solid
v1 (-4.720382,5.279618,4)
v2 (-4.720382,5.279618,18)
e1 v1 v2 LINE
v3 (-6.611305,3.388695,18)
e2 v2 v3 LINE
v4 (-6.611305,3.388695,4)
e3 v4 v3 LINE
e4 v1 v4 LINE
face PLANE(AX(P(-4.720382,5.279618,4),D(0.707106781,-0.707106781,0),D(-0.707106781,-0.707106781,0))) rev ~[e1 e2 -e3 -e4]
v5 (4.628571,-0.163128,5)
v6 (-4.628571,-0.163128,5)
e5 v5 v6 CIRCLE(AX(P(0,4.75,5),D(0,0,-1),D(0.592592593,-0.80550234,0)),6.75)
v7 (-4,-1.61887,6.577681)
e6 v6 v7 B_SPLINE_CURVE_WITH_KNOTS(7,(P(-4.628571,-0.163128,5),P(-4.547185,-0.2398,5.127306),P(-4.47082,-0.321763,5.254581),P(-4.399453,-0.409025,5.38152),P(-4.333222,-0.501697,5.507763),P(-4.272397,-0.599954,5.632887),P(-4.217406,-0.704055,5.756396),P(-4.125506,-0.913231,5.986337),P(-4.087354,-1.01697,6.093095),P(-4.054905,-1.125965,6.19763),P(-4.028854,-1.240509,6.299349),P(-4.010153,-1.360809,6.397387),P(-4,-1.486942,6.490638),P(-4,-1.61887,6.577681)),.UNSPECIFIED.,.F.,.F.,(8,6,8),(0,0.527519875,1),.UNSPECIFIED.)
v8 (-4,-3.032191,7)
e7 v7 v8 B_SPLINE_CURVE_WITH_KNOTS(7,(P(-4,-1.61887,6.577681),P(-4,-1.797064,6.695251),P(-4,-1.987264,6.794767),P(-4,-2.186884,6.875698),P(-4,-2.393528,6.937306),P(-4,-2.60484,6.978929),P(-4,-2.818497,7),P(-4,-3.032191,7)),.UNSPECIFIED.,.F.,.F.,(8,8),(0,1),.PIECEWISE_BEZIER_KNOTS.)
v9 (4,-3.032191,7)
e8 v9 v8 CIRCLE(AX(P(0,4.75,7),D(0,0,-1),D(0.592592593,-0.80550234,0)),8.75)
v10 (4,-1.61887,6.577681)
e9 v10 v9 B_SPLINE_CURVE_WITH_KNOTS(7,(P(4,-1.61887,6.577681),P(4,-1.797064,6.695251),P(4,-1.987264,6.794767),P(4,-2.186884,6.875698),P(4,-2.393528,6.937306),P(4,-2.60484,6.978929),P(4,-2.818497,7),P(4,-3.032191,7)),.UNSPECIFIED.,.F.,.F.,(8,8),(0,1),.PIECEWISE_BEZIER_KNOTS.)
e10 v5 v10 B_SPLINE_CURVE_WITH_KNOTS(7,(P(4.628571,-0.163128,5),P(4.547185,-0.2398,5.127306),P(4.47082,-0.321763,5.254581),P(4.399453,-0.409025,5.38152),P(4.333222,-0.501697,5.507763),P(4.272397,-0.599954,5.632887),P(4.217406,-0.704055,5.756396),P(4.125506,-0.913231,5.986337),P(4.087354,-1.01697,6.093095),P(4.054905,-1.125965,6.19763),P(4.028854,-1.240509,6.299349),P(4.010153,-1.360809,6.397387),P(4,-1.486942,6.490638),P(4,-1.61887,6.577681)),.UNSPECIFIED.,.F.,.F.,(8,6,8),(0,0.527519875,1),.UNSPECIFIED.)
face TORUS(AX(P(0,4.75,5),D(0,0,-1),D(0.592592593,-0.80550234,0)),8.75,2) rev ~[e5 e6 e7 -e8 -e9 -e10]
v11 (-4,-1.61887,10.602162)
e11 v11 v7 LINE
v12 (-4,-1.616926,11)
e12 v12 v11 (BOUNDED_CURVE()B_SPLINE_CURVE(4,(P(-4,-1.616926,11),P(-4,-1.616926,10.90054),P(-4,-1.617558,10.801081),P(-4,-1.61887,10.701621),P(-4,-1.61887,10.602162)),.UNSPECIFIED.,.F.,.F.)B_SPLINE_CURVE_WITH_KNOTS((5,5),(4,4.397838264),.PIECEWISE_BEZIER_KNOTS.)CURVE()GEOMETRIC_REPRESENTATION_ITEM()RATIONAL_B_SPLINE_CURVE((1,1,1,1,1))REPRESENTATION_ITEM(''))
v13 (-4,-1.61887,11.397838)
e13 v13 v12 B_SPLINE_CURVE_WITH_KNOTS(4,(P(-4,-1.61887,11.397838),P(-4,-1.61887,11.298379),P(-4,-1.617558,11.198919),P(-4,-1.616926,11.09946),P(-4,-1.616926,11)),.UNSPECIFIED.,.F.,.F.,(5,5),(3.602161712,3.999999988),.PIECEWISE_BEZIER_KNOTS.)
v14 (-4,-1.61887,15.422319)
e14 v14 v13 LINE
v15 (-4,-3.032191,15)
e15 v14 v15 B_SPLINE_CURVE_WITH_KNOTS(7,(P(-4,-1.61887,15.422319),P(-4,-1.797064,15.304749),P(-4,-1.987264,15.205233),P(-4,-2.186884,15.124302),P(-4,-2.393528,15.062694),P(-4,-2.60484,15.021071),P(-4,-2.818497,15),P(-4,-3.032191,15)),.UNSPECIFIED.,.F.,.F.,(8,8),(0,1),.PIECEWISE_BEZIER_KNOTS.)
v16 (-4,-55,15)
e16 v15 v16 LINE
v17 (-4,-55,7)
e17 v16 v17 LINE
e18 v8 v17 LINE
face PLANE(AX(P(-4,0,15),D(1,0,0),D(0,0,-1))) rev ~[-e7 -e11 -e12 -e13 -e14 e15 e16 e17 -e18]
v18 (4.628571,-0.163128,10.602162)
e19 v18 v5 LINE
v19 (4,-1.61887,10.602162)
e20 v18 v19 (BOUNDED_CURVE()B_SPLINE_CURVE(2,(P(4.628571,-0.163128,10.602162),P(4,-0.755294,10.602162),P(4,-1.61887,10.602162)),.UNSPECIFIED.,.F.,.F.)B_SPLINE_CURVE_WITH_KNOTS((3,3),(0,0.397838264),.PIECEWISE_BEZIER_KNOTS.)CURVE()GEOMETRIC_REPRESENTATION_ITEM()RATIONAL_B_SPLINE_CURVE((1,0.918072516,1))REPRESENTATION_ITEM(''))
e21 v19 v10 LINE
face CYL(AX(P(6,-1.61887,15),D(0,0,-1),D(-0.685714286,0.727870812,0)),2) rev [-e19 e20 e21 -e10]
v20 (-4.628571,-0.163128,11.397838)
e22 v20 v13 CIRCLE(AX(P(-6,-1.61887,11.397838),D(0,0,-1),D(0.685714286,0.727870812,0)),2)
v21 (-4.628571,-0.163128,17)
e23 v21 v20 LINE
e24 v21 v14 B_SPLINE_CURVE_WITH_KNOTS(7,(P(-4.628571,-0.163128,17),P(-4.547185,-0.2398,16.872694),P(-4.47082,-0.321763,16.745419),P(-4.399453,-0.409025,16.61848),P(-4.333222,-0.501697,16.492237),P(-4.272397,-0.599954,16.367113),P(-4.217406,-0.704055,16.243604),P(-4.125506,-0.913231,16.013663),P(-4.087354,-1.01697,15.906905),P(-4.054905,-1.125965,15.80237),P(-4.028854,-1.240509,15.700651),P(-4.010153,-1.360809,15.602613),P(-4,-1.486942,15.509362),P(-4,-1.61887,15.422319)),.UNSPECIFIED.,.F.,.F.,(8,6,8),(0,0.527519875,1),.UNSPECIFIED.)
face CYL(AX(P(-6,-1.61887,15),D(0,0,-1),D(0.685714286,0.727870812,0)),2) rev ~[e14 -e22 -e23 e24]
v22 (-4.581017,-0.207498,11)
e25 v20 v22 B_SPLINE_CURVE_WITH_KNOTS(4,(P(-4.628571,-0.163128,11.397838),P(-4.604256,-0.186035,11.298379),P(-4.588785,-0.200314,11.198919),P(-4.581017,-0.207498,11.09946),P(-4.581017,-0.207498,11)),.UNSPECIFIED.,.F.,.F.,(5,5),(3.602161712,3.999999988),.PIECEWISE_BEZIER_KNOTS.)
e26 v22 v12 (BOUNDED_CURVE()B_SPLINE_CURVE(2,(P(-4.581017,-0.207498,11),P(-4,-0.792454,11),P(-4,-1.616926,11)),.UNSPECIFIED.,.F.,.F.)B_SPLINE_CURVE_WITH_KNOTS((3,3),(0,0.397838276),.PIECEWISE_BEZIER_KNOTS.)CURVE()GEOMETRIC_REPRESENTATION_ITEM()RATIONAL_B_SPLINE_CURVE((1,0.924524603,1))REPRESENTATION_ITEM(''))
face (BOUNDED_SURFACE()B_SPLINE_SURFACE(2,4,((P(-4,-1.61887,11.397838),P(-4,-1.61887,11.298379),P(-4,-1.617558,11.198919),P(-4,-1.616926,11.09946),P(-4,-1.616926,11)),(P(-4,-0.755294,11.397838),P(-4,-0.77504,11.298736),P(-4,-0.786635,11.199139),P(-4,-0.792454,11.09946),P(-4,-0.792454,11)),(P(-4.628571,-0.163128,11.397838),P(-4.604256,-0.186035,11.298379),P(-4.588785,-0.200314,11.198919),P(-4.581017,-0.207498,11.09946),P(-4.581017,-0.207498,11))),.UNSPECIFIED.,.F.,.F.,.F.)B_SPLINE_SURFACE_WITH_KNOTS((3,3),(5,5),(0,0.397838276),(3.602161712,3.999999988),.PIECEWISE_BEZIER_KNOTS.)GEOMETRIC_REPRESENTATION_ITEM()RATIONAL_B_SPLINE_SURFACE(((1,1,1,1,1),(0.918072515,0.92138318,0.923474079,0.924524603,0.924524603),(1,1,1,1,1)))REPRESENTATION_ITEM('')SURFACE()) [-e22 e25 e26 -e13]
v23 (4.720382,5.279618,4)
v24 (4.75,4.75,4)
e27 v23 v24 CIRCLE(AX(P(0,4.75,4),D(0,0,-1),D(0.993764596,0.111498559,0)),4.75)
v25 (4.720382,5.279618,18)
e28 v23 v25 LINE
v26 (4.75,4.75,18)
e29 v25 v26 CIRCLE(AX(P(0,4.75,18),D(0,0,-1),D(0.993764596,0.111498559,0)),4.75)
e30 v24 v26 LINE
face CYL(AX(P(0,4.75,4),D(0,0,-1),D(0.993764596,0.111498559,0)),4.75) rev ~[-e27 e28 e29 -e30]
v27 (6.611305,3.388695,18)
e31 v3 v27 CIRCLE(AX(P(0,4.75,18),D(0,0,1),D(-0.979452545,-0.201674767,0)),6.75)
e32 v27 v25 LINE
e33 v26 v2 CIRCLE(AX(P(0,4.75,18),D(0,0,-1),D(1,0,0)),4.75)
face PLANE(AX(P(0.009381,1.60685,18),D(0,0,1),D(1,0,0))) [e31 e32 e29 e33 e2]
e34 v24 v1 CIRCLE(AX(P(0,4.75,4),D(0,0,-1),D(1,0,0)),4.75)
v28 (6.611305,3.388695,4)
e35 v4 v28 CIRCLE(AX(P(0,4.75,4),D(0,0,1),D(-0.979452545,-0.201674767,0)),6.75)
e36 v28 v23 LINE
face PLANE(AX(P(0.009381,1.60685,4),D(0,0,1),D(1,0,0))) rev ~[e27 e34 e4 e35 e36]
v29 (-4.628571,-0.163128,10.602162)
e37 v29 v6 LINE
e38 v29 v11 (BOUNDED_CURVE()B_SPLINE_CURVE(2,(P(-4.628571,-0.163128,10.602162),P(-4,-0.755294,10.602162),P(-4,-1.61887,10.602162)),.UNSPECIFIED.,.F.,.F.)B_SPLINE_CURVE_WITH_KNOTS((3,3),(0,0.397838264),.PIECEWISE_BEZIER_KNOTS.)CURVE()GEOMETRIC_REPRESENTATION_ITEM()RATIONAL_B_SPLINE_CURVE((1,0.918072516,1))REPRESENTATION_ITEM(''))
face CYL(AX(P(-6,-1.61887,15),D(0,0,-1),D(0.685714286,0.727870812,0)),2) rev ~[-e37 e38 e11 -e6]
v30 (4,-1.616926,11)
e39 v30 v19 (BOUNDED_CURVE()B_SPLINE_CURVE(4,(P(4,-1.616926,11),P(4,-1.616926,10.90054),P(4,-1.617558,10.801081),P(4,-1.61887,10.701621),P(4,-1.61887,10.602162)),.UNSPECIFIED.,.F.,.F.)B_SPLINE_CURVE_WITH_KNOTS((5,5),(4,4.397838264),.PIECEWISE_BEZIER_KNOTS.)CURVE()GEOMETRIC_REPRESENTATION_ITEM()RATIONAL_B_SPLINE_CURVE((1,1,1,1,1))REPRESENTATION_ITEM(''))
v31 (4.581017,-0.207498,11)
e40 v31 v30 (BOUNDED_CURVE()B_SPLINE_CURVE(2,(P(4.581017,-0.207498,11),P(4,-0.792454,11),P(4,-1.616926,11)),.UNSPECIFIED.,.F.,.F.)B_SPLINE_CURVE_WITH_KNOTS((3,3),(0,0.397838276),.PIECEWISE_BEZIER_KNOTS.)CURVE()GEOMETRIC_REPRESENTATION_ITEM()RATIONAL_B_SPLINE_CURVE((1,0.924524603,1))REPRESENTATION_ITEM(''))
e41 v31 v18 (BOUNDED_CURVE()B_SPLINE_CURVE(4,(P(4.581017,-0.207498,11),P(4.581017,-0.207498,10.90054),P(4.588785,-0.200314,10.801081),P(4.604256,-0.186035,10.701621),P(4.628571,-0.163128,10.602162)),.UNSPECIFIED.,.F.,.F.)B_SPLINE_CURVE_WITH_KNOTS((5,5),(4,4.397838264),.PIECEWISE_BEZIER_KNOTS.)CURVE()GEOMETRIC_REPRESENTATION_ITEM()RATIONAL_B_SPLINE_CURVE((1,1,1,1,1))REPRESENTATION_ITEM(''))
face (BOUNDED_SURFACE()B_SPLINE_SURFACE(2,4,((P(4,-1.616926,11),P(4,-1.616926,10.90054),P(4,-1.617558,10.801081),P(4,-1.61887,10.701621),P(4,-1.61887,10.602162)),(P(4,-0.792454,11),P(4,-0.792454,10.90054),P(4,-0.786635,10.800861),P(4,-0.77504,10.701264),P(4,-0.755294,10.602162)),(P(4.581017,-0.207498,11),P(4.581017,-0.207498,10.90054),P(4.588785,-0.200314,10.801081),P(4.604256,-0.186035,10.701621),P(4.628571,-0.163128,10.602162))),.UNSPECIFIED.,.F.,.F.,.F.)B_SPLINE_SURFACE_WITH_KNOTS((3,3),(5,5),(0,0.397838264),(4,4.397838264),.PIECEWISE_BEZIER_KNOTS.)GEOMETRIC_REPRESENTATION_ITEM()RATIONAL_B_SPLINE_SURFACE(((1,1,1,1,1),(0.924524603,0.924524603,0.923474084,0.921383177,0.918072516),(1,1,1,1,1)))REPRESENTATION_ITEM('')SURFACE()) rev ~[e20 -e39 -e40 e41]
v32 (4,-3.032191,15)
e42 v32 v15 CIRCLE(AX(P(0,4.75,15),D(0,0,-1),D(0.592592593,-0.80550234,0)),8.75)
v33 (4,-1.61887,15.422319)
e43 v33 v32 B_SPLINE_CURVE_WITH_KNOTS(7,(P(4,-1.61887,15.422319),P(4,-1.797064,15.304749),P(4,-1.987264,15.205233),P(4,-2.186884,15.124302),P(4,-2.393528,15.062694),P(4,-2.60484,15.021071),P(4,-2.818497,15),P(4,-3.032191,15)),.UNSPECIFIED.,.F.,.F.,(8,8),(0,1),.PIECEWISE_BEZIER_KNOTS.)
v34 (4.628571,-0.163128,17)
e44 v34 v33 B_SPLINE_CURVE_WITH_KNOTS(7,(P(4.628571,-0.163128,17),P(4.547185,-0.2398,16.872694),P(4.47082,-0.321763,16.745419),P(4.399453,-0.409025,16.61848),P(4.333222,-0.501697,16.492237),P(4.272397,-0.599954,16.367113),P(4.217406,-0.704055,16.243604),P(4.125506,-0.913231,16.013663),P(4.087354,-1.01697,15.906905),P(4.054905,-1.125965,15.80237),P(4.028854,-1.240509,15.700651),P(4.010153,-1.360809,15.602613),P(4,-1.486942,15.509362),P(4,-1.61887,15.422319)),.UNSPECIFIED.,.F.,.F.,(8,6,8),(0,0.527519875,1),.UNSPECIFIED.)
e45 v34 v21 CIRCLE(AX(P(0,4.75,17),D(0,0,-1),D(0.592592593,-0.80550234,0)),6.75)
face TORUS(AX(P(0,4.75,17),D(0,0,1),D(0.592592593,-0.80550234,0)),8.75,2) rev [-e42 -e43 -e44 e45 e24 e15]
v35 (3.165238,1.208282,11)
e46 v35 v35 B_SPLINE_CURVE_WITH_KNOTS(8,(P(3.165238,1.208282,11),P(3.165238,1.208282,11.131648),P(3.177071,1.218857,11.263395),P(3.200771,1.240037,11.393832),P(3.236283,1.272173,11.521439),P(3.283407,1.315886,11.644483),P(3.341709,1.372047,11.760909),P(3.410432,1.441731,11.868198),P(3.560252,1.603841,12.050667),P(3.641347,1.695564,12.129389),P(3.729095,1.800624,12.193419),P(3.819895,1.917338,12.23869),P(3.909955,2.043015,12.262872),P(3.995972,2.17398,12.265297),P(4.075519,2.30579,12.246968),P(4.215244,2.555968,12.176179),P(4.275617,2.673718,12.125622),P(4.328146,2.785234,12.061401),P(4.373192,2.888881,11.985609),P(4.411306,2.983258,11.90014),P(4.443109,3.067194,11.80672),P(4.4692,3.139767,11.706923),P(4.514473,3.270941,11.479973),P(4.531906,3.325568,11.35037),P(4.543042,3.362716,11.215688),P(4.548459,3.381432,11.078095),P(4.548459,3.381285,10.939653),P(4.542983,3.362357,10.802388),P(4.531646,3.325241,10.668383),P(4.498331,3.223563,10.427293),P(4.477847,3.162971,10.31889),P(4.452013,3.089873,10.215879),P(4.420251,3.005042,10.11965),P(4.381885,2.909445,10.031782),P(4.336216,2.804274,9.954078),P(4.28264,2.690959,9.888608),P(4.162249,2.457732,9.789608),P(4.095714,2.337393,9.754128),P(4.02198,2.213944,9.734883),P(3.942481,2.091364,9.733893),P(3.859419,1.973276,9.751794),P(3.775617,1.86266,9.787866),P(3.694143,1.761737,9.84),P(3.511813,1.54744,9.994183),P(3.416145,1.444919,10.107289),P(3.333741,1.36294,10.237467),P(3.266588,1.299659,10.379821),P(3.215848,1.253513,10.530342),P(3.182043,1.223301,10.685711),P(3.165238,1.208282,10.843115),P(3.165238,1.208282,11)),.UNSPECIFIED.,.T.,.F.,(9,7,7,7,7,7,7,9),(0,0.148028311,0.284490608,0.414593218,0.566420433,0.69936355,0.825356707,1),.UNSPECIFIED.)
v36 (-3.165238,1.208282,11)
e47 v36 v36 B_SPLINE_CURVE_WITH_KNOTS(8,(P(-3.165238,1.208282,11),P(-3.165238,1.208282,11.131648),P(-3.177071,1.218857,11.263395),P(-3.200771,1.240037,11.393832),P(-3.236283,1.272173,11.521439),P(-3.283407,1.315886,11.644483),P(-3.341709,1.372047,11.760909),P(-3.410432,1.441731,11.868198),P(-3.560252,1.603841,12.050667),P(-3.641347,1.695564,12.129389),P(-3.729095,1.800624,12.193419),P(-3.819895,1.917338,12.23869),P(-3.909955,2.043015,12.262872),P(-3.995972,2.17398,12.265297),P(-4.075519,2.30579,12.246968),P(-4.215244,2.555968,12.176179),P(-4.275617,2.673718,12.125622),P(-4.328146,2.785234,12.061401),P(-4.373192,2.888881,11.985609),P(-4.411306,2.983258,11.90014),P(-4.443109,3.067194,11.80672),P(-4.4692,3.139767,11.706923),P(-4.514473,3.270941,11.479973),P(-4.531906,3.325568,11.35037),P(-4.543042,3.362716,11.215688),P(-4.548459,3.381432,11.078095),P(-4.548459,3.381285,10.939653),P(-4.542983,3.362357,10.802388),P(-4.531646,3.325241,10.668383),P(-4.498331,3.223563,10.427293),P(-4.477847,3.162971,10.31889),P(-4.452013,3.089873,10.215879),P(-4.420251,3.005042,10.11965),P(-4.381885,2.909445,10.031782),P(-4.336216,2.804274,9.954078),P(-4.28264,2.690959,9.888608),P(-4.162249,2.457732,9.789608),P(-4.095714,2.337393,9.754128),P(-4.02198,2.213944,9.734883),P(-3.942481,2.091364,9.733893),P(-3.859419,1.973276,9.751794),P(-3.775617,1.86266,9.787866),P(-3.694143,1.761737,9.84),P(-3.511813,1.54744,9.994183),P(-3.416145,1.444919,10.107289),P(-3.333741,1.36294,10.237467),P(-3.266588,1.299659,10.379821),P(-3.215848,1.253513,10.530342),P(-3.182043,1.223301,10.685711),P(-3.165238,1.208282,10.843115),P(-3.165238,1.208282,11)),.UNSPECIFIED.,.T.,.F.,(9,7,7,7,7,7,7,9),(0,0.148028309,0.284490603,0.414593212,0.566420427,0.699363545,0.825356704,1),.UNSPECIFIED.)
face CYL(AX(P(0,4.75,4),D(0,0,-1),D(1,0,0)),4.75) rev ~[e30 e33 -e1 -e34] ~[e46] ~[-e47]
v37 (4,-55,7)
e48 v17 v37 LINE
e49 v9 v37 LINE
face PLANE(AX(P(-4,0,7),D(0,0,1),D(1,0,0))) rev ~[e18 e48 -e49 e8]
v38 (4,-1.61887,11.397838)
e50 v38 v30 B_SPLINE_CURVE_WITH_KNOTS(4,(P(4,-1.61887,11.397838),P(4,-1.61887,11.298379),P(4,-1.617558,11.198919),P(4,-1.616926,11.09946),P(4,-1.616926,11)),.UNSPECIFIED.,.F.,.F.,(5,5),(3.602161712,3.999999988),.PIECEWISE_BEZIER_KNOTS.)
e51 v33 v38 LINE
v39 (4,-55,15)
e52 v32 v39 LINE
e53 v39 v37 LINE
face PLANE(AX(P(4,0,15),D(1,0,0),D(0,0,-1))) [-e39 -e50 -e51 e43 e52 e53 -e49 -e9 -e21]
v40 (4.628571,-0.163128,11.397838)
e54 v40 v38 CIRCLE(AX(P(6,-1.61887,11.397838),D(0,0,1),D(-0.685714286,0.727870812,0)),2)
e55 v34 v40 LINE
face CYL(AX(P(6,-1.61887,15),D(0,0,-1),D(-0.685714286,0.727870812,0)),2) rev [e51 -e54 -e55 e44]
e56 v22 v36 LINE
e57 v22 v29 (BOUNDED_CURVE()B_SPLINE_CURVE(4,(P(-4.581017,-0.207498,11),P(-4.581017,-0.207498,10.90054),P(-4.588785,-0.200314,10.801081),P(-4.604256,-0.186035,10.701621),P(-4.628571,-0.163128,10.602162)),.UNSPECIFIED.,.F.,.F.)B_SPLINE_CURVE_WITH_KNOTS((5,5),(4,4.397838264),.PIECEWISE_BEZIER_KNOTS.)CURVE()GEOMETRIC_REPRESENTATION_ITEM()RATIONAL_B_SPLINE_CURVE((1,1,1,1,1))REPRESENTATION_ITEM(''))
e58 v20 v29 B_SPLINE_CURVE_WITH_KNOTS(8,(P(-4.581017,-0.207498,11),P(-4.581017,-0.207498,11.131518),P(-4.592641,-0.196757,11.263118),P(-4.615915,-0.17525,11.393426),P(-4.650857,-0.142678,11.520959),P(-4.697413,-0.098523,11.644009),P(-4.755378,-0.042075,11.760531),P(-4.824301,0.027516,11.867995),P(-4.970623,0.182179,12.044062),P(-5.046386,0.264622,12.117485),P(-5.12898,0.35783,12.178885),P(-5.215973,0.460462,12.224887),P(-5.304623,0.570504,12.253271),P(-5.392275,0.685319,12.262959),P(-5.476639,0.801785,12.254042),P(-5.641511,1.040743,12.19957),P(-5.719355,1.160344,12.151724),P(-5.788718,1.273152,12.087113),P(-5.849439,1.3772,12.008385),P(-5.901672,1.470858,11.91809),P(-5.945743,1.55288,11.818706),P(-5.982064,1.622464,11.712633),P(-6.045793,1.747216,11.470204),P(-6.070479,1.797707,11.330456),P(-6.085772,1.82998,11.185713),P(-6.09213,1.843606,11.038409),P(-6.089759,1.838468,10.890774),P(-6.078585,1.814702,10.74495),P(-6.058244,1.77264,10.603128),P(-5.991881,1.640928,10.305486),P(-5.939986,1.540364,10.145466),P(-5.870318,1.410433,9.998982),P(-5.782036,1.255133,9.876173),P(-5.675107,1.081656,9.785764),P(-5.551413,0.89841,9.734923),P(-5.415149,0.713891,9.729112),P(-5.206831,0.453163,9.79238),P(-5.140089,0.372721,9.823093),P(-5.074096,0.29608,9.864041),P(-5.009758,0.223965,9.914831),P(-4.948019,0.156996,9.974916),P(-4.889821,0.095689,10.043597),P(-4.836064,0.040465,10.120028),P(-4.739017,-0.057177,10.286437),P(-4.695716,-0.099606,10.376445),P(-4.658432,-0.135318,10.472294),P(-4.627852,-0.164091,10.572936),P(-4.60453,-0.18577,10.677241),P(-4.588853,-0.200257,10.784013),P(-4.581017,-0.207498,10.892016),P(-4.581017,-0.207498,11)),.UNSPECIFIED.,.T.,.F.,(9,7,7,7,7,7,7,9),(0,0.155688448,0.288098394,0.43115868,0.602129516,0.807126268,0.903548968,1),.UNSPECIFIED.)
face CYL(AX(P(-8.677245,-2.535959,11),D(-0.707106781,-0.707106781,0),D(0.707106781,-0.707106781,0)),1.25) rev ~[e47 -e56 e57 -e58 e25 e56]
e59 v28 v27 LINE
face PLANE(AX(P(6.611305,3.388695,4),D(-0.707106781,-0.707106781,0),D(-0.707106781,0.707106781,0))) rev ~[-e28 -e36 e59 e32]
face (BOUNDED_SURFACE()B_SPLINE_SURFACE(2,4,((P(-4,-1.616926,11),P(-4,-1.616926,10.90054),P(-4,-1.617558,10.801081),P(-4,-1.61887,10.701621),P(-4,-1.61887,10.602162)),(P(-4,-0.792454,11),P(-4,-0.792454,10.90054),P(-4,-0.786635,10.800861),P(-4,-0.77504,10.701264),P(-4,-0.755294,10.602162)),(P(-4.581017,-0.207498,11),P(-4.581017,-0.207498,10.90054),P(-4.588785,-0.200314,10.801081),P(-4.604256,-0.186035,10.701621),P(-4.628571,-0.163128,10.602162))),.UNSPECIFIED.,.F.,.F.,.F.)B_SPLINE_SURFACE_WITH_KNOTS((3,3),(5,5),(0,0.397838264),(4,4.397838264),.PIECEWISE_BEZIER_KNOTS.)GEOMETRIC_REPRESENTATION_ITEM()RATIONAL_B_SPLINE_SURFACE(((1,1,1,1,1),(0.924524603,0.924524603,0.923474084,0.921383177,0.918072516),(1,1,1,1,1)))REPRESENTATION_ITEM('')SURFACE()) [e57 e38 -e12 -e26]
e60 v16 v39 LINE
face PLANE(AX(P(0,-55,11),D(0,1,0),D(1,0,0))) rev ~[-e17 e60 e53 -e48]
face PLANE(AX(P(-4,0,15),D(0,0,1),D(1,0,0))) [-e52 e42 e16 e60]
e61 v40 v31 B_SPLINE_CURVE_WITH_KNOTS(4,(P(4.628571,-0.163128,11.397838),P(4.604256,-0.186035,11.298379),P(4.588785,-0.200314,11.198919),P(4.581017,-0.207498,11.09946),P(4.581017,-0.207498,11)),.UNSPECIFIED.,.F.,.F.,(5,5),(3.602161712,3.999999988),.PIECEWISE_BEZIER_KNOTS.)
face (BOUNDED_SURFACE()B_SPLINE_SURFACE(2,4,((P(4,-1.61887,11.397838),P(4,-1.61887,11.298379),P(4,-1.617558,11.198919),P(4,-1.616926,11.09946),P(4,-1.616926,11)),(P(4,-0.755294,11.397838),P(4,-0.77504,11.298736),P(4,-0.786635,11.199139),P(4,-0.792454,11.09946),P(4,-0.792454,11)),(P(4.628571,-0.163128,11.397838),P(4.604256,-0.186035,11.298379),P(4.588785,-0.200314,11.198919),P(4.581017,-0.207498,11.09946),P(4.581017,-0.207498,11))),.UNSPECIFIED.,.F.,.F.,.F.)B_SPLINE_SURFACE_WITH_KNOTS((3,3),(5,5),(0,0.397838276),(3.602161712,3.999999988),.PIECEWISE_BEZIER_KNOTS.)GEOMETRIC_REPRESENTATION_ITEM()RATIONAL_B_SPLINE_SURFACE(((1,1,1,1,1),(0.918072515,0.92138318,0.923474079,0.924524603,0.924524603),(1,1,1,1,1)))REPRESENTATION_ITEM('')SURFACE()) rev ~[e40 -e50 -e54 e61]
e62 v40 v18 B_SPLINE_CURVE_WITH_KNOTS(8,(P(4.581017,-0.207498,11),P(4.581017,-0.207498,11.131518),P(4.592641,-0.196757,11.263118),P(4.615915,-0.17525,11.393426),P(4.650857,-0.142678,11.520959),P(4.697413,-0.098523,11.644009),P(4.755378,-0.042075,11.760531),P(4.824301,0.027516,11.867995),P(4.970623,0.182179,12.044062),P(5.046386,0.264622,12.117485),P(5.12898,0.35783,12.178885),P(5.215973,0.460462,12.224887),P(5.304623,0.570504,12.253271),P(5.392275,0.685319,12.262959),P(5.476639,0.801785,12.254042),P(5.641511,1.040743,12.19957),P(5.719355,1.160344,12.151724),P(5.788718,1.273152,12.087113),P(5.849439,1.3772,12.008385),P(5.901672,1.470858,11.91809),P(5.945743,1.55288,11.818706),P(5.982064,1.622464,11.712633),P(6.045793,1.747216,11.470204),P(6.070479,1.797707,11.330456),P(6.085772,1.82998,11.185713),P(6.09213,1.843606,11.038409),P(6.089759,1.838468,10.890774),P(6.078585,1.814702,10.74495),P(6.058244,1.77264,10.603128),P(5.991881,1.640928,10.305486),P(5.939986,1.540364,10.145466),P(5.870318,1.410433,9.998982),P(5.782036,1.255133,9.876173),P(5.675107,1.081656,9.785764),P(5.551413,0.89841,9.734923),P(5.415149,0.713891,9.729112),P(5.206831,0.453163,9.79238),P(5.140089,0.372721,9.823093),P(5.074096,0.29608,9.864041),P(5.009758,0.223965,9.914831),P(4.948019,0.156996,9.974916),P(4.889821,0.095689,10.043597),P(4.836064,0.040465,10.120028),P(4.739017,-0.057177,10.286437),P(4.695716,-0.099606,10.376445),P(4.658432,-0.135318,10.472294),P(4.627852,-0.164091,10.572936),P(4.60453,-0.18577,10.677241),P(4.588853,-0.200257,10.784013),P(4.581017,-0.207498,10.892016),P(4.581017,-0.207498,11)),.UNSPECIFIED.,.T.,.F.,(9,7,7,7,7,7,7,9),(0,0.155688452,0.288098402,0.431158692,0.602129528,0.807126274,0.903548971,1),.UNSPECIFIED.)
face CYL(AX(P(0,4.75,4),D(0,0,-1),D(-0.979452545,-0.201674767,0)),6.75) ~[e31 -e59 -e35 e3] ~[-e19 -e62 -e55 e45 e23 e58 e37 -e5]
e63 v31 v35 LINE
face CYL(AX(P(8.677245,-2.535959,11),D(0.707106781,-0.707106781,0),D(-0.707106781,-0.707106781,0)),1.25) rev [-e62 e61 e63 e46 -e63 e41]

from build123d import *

# Parameters (mm, degrees)
SKETCH1_W           = 8
SKETCH1_H           = 8
BOSS_EXTRUDE1_DEPTH = 55
BOSS_EXTRUDE2_START = 4
BOSS_EXTRUDE2_DEPTH = 14
SKETCH4_R           = 1.25
CUT_EXTRUDE1_DEPTH  = 17.337084372
FILLET1_R           = 2


with BuildPart() as part:
    # Sketch1 → Boss-Extrude1 (new body)
    with BuildSketch(Plane(origin=(0, 0, 0), x_dir=(1, 0, 0), z_dir=(0, 1, 0))):
        with Locations((0, -11)):
            Rectangle(SKETCH1_W, SKETCH1_H)
    extrude(amount=-BOSS_EXTRUDE1_DEPTH)

    # Sketch2 → Boss-Extrude2 (add)
    with BuildSketch(Plane.XY.offset(BOSS_EXTRUDE2_START)):
        with BuildLine():
            Line((-4.720381827, 5.279618173), (-6.61130468, 3.38869532))
            ThreePointArc((-6.61130468, 3.38869532), (0, -2), (6.61130468, 3.38869532))
            Line((6.61130468, 3.38869532), (4.720381827, 5.279618173))
            ThreePointArc((4.720381827, 5.279618173), (4.742589676, 5.015222852), (4.75, 4.75))
            ThreePointArc((4.75, 4.75), (-0.265222852, 0.007410324), (-4.720381827, 5.279618173))
        make_face()
    extrude(amount=BOSS_EXTRUDE2_DEPTH)

    # Sketch4 → Cut-Extrude1 (cut, through all)
    with BuildSketch(Plane(origin=(-5.606601718, -5.606601718, 0), x_dir=(0.707106781, -0.707106781, 0), z_dir=(-0.707106781, -0.707106781, 0))):
        with Locations((-4.342545211, 11)):
            Circle(SKETCH4_R)
    cut_extrude1 = extrude(amount=-CUT_EXTRUDE1_DEPTH, mode=Mode.SUBTRACT)

    # Mirror1: Cut-Extrude1 across plane
    add(cut_extrude1.mirror(Plane(origin=(0, 0, 0), x_dir=(0, 0, 1), z_dir=(1, 0, 0))), mode=Mode.SUBTRACT)

    # Fillet1
    fillet1_edges = [part.edges().sort_by_distance(p)[0] for p in [
        (4, -0.687140793, 11),
        (-4, -0.687140793, 11),
        (0, -2, 15),
        (0, -2, 7),
    ]]
    fillet(fillet1_edges, radius=FILLET1_R)


solid = part.part
